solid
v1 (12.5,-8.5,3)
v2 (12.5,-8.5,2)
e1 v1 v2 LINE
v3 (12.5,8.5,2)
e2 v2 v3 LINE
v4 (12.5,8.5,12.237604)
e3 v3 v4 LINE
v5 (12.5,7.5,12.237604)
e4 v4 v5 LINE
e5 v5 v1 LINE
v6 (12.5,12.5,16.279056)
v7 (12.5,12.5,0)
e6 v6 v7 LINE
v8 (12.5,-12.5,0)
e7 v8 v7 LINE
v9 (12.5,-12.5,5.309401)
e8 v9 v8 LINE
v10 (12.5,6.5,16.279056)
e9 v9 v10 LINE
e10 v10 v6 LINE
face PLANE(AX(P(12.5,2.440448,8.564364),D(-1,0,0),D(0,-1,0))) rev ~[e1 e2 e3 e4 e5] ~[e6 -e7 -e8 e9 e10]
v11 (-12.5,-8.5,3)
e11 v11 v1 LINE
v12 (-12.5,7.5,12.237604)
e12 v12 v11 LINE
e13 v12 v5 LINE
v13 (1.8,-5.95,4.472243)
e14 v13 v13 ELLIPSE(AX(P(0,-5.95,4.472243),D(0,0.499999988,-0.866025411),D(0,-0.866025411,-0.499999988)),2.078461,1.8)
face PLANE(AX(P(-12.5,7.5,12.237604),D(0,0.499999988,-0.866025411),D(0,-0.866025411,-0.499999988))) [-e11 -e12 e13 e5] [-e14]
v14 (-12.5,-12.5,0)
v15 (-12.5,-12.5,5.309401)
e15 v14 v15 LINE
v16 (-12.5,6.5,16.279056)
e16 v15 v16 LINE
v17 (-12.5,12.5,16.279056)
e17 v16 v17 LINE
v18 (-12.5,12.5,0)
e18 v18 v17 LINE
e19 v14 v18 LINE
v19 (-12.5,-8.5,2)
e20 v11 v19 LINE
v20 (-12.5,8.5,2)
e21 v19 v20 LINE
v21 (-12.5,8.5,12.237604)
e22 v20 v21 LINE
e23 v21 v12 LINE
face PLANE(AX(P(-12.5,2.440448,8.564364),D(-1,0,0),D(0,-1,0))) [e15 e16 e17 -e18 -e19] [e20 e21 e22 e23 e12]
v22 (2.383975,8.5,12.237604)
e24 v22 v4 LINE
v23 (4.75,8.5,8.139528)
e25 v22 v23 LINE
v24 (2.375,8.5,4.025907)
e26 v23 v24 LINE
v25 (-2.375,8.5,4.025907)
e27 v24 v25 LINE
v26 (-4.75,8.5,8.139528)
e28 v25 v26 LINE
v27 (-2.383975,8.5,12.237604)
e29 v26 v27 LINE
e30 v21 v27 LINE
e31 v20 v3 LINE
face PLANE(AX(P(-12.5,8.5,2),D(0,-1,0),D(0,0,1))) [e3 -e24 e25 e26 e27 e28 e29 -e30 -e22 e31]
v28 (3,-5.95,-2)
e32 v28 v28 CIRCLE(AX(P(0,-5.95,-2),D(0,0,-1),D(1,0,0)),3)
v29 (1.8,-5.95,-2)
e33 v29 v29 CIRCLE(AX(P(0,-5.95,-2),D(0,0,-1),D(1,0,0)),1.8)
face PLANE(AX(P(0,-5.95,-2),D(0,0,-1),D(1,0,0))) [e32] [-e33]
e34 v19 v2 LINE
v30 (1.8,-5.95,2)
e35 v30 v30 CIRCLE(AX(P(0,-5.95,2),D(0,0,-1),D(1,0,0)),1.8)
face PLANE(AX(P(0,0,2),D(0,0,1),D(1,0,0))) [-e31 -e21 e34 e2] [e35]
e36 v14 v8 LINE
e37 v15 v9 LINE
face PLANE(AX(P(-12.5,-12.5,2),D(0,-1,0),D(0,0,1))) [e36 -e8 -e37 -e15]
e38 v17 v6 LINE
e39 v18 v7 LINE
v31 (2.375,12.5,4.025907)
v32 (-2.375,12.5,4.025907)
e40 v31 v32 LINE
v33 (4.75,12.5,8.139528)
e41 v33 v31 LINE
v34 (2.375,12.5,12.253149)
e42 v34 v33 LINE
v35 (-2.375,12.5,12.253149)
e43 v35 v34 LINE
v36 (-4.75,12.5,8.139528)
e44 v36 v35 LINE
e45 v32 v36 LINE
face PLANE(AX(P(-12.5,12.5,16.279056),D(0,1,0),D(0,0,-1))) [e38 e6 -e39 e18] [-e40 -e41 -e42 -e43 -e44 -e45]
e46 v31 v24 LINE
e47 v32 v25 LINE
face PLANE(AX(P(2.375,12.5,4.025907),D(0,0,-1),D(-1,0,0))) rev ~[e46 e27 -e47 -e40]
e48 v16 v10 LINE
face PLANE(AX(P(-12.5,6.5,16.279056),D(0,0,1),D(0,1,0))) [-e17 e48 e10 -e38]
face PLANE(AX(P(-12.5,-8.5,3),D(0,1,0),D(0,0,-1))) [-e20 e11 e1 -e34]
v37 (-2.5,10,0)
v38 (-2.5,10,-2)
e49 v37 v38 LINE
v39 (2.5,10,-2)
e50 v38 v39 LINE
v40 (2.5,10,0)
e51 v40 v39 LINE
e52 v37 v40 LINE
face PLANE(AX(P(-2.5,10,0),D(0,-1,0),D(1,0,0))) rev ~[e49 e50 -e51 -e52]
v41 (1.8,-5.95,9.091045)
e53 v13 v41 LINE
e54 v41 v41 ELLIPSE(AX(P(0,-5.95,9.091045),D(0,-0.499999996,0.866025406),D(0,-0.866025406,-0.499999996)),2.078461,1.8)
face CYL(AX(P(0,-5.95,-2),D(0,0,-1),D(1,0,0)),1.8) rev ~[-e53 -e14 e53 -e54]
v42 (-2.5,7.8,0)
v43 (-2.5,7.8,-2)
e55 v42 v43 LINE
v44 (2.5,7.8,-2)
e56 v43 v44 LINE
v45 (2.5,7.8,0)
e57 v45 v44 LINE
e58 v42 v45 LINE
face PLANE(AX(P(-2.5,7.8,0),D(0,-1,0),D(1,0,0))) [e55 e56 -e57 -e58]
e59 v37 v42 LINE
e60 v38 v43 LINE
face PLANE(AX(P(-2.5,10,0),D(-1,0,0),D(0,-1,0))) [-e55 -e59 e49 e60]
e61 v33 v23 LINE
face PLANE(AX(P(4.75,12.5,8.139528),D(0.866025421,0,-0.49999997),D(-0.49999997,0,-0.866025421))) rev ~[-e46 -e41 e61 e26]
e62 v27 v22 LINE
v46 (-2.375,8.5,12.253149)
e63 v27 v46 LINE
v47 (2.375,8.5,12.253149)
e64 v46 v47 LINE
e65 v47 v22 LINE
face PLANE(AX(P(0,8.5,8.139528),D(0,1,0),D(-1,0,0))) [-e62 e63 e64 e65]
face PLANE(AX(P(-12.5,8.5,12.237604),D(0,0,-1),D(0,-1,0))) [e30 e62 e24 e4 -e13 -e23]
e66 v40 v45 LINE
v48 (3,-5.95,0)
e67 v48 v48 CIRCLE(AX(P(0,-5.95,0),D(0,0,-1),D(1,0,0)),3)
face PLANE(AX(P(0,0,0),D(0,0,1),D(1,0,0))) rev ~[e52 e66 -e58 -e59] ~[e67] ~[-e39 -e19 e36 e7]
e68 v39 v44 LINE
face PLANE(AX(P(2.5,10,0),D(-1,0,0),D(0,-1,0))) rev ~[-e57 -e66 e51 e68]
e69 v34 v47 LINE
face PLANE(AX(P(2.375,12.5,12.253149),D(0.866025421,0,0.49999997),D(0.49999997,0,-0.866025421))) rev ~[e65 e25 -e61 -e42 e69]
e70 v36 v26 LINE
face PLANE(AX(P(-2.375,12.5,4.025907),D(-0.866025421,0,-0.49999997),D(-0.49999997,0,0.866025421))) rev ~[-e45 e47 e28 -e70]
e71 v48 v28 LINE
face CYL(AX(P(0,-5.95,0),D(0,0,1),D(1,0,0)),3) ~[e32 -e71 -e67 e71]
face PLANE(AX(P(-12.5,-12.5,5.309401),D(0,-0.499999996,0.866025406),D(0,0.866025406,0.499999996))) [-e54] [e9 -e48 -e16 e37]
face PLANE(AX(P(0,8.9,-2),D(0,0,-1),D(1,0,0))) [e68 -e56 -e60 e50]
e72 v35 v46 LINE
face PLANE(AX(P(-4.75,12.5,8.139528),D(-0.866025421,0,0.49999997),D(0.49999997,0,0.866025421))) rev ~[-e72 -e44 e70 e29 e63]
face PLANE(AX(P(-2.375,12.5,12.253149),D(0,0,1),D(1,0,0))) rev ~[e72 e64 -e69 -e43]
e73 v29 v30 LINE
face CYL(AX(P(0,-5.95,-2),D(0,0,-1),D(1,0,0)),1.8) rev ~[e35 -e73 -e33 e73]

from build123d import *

# Parameters (mm, degrees)
F0_W     = 25
F0_H     = 25
F1_DEPTH = 2
F3_DEPTH = 25
F4_W     = 5
F4_H     = 2.2
F4_R     = 3
F5_DEPTH = 2
F6_R     = 1.8
F7_DEPTH = 18.280056
F9_DEPTH = 4


with BuildPart() as f1:
    # F0 (on Top) → F1 (new body)
    with BuildSketch(Plane.XY):
        Rectangle(F0_W, F0_H)
    extrude(amount=F1_DEPTH)

    # F2 (on face) → F3 (join, through all)
    with BuildSketch(Plane(origin=(-12.5, 0, 0), x_dir=(0, -1, 0), z_dir=(-1, 0, 0))):
        Polygon((-12.5, 16.279056), (-12.5, 2), (-8.5, 2), (-8.5, 12.237604), (-7.5, 12.237604), (8.5, 3), (8.5, 2), (12.5, 2), (12.5, 5.309401), (-6.5, 16.279056), align=None)
    extrude(amount=-F3_DEPTH)

    # F4 (on face) → F5 (join)
    with BuildSketch(Plane(origin=(0, 0, 0), x_dir=(1, 0, 0), z_dir=(0, 0, -1))):
        with Locations((0, -8.9)):
            Rectangle(F4_W, F4_H)
        with Locations((0, 5.95)):
            Circle(F4_R)
    extrude(amount=F5_DEPTH)

    # F6 (on face) → F7 (cut, through all)
    with BuildSketch(Plane(origin=(0, 0, -2), x_dir=(1, 0, 0), z_dir=(0, 0, -1))):
        with Locations((0, 5.95)):
            Circle(F6_R)
    extrude(amount=-F7_DEPTH, mode=Mode.SUBTRACT)

    # F8 (on face) → F9 (cut, through all)
    with BuildSketch(Plane(origin=(0, 12.5, 0), x_dir=(-1, 0, 0), z_dir=(0, 1, 0))):
        Polygon((2.375, 4.025907), (4.75, 8.139528), (2.375, 12.253149), (-2.375, 12.253149), (-4.75, 8.139528), (-2.375, 4.025907), align=None)
    extrude(amount=-F9_DEPTH, mode=Mode.SUBTRACT)


solid = f1.part
